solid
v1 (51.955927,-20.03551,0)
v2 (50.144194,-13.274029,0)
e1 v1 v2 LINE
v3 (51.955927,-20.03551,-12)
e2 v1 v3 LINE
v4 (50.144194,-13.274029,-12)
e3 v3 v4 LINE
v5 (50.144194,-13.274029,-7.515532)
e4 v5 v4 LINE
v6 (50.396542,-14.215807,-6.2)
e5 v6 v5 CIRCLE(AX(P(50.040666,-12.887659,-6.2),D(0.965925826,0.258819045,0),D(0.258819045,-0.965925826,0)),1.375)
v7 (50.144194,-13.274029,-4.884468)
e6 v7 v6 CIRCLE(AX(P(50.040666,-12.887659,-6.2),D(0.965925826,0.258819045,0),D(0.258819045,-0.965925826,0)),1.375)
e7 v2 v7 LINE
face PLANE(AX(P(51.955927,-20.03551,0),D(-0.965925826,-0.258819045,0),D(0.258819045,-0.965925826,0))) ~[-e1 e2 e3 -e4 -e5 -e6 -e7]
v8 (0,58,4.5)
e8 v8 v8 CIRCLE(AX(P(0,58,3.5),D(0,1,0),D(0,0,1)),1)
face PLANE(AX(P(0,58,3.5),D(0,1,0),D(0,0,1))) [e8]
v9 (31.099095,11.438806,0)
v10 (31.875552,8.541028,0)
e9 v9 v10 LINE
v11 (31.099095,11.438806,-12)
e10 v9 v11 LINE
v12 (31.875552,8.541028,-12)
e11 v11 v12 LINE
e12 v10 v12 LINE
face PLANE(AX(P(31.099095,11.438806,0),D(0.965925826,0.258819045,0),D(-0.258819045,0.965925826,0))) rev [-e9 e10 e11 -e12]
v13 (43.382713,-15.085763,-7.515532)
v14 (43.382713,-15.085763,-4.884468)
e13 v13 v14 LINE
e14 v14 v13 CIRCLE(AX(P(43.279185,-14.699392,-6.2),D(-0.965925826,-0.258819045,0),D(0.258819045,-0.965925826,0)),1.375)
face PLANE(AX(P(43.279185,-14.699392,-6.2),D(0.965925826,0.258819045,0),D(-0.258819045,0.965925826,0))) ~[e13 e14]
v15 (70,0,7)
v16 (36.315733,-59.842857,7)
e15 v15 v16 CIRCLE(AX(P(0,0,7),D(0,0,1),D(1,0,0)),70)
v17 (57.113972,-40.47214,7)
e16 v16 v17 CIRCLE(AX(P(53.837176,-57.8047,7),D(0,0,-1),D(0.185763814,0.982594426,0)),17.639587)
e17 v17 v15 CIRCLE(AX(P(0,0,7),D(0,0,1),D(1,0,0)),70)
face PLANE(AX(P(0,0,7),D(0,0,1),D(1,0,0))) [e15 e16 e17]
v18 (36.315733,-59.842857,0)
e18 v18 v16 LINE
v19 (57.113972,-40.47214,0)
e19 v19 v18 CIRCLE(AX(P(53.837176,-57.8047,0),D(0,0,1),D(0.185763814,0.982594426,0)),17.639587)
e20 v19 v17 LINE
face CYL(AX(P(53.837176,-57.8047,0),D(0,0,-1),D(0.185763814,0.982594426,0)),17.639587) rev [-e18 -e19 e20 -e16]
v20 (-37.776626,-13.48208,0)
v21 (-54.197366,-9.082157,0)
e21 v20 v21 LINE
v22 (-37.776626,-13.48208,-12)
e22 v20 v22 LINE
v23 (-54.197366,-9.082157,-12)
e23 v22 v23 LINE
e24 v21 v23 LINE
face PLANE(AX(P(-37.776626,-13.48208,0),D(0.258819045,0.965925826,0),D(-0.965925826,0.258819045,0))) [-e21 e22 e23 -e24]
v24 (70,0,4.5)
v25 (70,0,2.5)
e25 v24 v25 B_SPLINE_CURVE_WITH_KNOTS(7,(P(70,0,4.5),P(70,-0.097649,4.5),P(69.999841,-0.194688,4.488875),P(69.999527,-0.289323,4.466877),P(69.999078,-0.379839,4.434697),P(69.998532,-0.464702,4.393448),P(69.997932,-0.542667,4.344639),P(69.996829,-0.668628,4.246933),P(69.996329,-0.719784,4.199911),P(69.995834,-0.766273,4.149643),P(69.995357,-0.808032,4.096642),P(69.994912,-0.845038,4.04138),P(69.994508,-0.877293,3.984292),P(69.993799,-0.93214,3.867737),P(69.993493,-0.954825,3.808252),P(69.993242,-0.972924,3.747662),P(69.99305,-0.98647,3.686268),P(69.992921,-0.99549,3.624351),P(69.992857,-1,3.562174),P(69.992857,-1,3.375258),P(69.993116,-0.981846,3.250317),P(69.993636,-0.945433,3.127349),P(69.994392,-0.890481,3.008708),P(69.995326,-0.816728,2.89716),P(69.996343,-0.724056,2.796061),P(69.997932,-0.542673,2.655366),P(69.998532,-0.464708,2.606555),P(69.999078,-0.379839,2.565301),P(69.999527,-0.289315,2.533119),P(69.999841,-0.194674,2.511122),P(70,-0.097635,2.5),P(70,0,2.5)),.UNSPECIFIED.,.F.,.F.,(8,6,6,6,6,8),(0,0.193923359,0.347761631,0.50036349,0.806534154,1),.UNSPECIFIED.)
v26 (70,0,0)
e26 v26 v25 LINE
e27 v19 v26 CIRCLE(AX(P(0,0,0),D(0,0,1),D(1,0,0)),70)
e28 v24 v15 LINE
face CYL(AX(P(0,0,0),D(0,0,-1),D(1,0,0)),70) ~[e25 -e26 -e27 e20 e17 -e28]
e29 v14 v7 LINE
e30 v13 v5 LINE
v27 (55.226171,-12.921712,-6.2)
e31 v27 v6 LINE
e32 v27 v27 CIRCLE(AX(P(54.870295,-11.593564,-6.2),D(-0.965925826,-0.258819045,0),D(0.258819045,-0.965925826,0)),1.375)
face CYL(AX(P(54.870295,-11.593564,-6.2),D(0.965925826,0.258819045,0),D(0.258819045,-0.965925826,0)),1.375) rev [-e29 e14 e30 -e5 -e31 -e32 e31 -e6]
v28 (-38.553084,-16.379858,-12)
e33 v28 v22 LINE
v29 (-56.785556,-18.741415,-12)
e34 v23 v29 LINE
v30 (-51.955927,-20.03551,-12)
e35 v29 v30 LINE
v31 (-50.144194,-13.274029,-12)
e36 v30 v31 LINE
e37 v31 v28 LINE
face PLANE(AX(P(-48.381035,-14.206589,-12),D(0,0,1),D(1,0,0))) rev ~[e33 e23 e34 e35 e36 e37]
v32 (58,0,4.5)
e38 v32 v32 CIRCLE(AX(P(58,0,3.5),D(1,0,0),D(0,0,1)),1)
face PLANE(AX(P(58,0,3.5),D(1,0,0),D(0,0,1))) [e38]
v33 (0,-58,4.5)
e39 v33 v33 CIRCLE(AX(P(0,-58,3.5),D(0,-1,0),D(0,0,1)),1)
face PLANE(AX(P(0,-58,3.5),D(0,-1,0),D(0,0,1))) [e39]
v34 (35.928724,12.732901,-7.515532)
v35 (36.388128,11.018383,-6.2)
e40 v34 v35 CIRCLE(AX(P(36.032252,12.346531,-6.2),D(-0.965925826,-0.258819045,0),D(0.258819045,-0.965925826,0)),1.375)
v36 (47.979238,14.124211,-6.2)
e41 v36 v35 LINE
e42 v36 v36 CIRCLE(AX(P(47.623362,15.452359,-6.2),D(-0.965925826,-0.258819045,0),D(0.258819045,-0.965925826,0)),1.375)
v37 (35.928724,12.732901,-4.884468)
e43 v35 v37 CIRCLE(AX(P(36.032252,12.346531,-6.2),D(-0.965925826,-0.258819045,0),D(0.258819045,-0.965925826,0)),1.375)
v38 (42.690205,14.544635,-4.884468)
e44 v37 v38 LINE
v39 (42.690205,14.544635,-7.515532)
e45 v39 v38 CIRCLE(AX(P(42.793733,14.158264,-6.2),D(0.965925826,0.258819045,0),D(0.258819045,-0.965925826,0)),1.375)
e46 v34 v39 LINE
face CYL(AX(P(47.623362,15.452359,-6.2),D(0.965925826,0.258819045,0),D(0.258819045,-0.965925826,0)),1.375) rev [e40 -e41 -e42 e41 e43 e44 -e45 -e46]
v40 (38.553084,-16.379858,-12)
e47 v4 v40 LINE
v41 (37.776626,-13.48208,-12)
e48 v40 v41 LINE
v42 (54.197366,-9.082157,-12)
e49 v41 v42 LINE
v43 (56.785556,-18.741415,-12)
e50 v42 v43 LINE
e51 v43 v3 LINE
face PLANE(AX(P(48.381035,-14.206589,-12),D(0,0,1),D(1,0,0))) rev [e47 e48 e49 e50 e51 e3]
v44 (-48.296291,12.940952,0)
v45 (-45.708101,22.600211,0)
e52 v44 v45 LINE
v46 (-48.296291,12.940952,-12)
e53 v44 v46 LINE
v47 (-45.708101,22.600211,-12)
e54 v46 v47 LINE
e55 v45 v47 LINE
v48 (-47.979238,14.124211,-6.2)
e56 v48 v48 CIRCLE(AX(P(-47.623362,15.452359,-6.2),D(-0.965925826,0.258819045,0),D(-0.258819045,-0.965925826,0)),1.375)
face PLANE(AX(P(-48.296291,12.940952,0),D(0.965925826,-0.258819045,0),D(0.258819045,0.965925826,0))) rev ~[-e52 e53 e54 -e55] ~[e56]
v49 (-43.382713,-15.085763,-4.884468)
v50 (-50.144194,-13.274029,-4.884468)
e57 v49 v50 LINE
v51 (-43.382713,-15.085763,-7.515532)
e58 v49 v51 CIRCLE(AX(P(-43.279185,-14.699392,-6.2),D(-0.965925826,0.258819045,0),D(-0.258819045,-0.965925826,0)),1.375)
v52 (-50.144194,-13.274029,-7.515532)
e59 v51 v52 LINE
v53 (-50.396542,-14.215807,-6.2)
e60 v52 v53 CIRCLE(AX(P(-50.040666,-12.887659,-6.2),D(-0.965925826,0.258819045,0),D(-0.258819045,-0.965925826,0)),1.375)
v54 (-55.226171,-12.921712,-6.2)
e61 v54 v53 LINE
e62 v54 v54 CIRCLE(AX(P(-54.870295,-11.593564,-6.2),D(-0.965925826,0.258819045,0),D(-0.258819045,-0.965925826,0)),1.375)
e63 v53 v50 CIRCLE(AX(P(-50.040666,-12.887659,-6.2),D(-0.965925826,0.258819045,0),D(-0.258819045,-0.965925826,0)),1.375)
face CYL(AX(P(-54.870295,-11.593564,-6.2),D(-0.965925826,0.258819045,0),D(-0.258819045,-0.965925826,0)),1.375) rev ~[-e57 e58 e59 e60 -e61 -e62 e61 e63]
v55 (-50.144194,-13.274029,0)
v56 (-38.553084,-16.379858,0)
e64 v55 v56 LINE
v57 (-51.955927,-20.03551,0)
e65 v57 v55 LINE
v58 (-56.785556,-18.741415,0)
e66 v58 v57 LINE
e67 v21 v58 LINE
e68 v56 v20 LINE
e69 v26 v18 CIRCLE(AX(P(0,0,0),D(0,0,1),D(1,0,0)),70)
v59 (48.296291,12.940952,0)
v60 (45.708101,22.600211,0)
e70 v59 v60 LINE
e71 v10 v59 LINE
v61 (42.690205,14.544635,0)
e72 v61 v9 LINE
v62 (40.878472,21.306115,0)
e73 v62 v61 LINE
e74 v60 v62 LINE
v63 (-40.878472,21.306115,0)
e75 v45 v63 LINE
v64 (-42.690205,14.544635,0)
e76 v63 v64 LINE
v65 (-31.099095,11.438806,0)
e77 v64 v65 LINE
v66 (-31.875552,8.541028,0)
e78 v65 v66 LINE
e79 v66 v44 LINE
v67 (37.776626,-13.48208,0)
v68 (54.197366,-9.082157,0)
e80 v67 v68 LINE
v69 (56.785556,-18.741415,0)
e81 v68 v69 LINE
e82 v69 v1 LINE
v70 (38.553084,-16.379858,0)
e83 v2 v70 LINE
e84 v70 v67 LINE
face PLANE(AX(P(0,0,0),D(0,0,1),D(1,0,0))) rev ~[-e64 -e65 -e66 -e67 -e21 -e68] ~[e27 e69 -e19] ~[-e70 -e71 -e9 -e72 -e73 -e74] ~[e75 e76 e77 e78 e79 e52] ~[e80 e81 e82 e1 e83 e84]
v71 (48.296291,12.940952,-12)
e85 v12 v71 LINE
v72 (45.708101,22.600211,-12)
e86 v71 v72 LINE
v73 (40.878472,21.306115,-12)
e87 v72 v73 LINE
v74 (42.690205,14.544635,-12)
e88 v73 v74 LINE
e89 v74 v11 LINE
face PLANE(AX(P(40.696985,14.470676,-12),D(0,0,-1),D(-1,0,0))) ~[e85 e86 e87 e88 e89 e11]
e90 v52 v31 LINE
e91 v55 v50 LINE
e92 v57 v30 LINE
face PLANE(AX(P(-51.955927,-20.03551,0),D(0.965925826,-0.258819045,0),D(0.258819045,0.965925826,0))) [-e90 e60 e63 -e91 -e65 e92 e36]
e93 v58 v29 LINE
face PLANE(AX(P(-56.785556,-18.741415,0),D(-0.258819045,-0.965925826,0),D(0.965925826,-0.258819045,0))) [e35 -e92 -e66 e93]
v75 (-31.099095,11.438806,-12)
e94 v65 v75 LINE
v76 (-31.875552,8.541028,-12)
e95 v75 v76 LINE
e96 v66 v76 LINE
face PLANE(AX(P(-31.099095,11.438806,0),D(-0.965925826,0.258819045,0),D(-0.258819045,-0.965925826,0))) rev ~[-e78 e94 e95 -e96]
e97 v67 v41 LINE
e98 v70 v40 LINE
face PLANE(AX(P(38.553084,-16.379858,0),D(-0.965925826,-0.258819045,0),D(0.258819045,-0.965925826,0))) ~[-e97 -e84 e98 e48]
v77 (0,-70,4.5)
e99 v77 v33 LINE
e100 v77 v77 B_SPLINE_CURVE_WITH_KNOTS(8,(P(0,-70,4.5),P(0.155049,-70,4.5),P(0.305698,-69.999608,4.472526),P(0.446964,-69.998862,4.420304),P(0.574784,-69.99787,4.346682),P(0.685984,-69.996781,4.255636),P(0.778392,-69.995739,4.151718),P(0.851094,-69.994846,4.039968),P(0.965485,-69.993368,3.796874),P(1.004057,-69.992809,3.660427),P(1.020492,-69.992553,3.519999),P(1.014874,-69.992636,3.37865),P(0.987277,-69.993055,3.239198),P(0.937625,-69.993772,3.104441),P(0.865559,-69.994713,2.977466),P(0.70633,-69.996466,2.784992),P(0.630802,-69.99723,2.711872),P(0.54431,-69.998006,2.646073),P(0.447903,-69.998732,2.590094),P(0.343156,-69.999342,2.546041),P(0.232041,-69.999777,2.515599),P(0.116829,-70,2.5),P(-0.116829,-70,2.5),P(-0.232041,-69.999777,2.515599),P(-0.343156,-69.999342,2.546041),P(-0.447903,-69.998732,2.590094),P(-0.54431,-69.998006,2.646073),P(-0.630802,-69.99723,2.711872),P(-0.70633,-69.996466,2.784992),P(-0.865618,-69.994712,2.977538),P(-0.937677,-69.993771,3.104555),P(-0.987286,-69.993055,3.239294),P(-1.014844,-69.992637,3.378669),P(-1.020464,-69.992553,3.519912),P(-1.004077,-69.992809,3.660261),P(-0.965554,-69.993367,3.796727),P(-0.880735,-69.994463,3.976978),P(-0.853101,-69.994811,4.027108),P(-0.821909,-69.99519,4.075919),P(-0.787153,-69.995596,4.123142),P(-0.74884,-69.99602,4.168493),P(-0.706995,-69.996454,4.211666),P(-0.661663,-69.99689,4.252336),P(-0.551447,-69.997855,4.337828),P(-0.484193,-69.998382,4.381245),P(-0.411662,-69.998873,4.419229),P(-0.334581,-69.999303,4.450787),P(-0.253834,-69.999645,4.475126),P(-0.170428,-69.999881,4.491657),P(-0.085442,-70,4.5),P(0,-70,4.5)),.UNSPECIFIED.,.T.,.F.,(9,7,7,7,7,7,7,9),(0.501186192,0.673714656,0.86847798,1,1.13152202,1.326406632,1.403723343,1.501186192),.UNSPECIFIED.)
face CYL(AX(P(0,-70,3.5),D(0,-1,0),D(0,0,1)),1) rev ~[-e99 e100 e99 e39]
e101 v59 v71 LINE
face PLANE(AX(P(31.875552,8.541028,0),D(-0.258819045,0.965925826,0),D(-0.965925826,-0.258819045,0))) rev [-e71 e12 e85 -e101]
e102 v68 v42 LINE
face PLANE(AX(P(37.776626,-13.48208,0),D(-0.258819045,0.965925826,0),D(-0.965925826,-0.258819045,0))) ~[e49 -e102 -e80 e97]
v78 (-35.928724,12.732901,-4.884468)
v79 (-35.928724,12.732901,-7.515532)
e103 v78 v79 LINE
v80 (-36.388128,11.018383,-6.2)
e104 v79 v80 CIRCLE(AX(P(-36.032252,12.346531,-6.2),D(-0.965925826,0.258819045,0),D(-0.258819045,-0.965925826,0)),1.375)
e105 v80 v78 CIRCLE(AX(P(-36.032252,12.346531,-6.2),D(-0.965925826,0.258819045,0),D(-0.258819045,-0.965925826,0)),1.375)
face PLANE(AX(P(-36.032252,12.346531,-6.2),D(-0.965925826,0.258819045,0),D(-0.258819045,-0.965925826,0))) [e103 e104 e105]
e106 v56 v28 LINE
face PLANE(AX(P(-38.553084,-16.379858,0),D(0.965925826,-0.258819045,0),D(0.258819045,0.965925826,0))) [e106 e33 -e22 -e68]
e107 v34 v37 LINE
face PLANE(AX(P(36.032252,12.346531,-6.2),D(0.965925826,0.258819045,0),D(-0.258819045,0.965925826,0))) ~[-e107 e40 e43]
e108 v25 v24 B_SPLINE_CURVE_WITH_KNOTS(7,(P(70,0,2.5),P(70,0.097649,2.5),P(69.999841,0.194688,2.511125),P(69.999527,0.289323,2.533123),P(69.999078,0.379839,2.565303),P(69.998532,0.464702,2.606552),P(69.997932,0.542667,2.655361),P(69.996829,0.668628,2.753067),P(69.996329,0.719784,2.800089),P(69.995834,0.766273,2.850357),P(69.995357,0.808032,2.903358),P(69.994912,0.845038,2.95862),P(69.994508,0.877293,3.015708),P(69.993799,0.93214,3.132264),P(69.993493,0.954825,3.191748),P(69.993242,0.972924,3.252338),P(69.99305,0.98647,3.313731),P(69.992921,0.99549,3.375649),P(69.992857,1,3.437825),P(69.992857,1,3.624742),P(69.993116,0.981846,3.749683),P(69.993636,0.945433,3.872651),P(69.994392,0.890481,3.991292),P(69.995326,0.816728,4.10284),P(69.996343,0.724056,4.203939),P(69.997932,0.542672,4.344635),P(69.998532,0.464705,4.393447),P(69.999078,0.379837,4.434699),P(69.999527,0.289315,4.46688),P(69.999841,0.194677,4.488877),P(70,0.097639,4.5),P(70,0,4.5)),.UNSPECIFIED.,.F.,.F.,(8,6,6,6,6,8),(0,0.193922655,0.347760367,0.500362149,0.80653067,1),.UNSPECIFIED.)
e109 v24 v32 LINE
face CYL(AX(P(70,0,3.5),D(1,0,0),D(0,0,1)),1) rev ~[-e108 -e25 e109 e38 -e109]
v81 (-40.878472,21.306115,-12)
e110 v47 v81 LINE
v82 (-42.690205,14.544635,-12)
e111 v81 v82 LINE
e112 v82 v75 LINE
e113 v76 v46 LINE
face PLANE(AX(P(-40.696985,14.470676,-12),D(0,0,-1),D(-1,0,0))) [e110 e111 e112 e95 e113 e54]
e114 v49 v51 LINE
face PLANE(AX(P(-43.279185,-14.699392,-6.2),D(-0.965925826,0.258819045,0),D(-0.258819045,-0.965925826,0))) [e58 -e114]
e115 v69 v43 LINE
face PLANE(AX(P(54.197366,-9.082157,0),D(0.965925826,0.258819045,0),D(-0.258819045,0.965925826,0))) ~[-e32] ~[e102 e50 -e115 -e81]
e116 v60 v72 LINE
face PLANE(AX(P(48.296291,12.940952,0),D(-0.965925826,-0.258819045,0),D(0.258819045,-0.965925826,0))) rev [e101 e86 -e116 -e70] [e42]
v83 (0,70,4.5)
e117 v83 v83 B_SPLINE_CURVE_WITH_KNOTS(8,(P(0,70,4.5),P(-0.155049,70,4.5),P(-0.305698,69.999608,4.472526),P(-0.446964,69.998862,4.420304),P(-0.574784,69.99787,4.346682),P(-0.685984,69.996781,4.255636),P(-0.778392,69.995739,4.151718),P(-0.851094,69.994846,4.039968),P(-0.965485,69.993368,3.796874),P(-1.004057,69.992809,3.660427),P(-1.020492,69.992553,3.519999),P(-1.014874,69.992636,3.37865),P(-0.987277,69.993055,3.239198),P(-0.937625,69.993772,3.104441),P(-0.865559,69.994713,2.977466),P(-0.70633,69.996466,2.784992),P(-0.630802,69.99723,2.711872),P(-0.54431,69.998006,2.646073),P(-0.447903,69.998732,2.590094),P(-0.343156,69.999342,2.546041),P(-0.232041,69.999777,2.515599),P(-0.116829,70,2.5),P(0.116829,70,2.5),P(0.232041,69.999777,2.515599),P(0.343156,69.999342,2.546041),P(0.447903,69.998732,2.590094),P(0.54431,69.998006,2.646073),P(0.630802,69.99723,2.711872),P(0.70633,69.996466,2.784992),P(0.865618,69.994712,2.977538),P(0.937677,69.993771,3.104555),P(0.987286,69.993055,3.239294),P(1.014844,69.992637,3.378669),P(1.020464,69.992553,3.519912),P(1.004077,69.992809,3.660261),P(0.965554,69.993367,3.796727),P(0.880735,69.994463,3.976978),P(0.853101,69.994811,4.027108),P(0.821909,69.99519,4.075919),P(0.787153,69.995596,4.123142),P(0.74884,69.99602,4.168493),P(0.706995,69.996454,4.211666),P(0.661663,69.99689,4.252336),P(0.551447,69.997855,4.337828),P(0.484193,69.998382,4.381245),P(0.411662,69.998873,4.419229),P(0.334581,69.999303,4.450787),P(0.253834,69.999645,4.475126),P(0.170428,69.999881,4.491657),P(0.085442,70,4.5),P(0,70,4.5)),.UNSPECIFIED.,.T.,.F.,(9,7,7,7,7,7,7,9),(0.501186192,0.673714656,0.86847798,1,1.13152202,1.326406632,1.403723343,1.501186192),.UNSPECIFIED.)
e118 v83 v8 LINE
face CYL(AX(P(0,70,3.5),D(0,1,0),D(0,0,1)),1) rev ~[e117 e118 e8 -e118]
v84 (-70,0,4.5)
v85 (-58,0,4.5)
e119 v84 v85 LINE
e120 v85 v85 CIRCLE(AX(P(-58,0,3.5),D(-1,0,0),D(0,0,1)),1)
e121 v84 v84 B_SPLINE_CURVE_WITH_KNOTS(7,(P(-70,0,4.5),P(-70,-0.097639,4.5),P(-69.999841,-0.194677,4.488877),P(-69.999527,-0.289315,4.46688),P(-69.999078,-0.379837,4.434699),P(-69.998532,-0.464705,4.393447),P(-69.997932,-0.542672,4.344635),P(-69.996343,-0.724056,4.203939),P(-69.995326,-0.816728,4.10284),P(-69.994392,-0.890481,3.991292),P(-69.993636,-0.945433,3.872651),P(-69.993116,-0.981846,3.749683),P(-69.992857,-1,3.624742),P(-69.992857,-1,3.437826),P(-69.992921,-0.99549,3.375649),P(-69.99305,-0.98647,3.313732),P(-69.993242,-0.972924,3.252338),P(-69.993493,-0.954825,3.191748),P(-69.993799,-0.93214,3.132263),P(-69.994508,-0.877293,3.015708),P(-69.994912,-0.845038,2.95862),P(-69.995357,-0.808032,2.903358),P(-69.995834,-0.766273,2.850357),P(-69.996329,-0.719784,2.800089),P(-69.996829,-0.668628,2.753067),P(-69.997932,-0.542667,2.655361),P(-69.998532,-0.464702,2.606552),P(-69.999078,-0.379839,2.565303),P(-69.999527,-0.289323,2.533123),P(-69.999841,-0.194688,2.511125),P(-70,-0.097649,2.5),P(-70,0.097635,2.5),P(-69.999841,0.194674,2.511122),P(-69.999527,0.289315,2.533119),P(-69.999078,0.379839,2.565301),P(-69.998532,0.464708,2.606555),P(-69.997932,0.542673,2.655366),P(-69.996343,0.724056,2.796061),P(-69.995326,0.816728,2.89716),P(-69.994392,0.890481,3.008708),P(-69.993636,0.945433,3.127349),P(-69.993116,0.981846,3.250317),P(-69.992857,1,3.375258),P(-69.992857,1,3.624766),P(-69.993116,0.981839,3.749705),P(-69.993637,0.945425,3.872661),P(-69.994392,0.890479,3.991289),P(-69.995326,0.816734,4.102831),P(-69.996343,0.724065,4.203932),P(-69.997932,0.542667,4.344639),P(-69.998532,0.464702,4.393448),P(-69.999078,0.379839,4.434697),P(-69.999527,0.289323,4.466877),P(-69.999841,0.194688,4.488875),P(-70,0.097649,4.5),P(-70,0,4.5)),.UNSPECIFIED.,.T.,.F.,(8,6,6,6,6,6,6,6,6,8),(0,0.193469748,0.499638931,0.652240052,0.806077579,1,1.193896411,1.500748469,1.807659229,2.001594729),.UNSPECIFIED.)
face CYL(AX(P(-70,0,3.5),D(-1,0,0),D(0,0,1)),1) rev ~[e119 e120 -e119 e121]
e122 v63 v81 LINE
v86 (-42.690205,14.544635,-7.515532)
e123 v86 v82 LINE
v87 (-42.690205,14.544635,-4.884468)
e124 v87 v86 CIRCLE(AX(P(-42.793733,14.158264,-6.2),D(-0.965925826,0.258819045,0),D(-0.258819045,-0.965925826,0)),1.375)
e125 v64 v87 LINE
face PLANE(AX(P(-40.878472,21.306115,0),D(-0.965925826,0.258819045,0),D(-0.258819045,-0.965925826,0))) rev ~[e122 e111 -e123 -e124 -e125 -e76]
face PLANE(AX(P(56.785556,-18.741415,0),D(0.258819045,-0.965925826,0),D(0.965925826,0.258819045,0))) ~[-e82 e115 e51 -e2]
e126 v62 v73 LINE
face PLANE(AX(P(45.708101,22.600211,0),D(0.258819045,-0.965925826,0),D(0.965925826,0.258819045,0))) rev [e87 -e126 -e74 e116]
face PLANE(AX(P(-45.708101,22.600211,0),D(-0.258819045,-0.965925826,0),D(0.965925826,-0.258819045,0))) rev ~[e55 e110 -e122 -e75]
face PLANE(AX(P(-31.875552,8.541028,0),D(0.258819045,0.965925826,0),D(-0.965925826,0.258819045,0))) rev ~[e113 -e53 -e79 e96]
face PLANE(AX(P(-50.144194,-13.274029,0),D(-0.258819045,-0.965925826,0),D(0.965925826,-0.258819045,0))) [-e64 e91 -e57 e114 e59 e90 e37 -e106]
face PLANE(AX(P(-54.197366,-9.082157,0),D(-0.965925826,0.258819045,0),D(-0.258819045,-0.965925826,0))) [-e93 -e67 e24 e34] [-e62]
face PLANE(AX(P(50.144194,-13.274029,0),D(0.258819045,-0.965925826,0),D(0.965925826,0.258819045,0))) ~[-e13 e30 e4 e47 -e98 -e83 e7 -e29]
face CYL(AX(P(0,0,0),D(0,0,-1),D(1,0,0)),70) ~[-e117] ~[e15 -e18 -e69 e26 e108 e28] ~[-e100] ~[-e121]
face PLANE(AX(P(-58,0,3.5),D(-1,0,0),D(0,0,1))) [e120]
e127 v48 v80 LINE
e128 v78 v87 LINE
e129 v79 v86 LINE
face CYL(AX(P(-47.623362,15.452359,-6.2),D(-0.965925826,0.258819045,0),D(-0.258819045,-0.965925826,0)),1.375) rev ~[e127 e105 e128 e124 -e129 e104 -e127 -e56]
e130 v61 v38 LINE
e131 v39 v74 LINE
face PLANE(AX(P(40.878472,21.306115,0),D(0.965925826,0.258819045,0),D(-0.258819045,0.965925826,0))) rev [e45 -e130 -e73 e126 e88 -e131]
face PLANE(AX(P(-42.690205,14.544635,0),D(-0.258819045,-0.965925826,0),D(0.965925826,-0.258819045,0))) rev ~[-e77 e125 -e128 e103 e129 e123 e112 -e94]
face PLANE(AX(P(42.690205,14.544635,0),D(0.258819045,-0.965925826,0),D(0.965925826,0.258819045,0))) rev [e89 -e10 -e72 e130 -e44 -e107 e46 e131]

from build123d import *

# Parameters (mm, degrees)
SKETCH1_R           = 70
BOSS_EXTRUDE1_DEPTH = 7
SKETCH3_R           = 1
CUT_EXTRUDE1_DEPTH  = 12
CIRPATTERN1_COUNT   = 4
BOSS_EXTRUDE2_DEPTH = 12
SKETCH5_R           = 1.375
CUT_EXTRUDE2_DEPTH  = 12
SKETCH6_R           = 1.375
CUT_EXTRUDE3_DEPTH  = 12
CUT_EXTRUDE4_DEPTH  = 12


with BuildPart() as part:
    # Sketch1 → Boss-Extrude1 (new body)
    with BuildSketch(Plane.XY):
        Circle(SKETCH1_R)
    extrude(amount=BOSS_EXTRUDE1_DEPTH)

    # Sketch3 → Cut-Extrude1 (cut)
    with BuildSketch(Plane(origin=(0, 70, 0), x_dir=(1, 0, 0), z_dir=(0, 1, 0))):
        with Locations(Location((0, -3.5, 0), (0, 0, 270))):
            Circle(SKETCH3_R)
    cut_extrude1 = extrude(amount=-CUT_EXTRUDE1_DEPTH, mode=Mode.SUBTRACT)

    # CirPattern1: Cut-Extrude1 ×4 about axis
    cirpattern1_axis = Axis((0, 0, 0), (0, 0, 1))
    for i in range(1, CIRPATTERN1_COUNT):
        add(cut_extrude1.rotate(cirpattern1_axis, i * 360 / CIRPATTERN1_COUNT), mode=Mode.SUBTRACT)

    # Sketch4 → Boss-Extrude2 (add)
    with BuildSketch(Plane(origin=(0, 0, 0), x_dir=(-1, 0, 0), z_dir=(0, 0, -1))):
        Polygon((31.875552268, 8.541028488), (48.296291314, 12.940952255), (45.708100863, 22.600210518), (40.878471732, 21.306115293), (42.690205048, 14.544634508), (31.099095132, 11.438805967), align=None)
        Polygon((56.785555994, -18.741414847), (51.955926862, -20.035510073), (50.144193547, -13.274029289), (38.553083631, -16.37985783), (37.776626496, -13.482080351), (54.197365543, -9.082156584), align=None)
    boss_extrude2 = extrude(amount=BOSS_EXTRUDE2_DEPTH)

    # Mirror1: Boss-Extrude2 across plane
    add(boss_extrude2.mirror(Plane(origin=(0, 0, 0), x_dir=(0, 0, 1), z_dir=(1, 0, 0))))

    # Sketch5 → Cut-Extrude2 (cut)
    with BuildSketch(Plane(origin=(-48.296291314, 12.940952255, 0), x_dir=(0, 0, 1), z_dir=(-0.9659258262890689, 0.2588190451025187, 0))):
        with Locations(Location((-6.2, -25.4, 0), (0, 0, 270))):
            Circle(SKETCH5_R)
    cut_extrude2 = extrude(amount=-CUT_EXTRUDE2_DEPTH, mode=Mode.SUBTRACT)

    # Sketch6 → Cut-Extrude3 (cut)
    with BuildSketch(Plane(origin=(-48.296291314, 12.940952255, 0), x_dir=(0, 0, 1), z_dir=(-0.9659258262890691, 0.2588190451025179, 0))):
        with Locations(Location((-6.2, 2.6, 0), (0, 0, 270))):
            Circle(SKETCH6_R)
    cut_extrude3 = extrude(amount=-CUT_EXTRUDE3_DEPTH, mode=Mode.SUBTRACT)

    # Mirror2: Cut-Extrude2, Cut-Extrude3 across plane
    add(cut_extrude2.mirror(Plane(origin=(0, 0, 0), x_dir=(0, 0, 1), z_dir=(1, 0, 0))), mode=Mode.SUBTRACT)
    add(cut_extrude3.mirror(Plane(origin=(0, 0, 0), x_dir=(0, 0, 1), z_dir=(1, 0, 0))), mode=Mode.SUBTRACT)

    # Sketch7 → Cut-Extrude4 (cut)
    with BuildSketch(Plane(origin=(0, 0, 0), x_dir=(-1, 0, 0), z_dir=(0, 0, -1))):
        with BuildLine():
            ThreePointArc((-57.113972469, -40.472140403), (-41.814961007, -44.896509701), (-36.315733397, -59.842856782))
            ThreePointArc((-36.315733397, -59.842856782), (-47.708318434, -51.224177419), (-57.113972469, -40.472140403))
        make_face()
    extrude(amount=-CUT_EXTRUDE4_DEPTH, mode=Mode.SUBTRACT)


solid = part.part
